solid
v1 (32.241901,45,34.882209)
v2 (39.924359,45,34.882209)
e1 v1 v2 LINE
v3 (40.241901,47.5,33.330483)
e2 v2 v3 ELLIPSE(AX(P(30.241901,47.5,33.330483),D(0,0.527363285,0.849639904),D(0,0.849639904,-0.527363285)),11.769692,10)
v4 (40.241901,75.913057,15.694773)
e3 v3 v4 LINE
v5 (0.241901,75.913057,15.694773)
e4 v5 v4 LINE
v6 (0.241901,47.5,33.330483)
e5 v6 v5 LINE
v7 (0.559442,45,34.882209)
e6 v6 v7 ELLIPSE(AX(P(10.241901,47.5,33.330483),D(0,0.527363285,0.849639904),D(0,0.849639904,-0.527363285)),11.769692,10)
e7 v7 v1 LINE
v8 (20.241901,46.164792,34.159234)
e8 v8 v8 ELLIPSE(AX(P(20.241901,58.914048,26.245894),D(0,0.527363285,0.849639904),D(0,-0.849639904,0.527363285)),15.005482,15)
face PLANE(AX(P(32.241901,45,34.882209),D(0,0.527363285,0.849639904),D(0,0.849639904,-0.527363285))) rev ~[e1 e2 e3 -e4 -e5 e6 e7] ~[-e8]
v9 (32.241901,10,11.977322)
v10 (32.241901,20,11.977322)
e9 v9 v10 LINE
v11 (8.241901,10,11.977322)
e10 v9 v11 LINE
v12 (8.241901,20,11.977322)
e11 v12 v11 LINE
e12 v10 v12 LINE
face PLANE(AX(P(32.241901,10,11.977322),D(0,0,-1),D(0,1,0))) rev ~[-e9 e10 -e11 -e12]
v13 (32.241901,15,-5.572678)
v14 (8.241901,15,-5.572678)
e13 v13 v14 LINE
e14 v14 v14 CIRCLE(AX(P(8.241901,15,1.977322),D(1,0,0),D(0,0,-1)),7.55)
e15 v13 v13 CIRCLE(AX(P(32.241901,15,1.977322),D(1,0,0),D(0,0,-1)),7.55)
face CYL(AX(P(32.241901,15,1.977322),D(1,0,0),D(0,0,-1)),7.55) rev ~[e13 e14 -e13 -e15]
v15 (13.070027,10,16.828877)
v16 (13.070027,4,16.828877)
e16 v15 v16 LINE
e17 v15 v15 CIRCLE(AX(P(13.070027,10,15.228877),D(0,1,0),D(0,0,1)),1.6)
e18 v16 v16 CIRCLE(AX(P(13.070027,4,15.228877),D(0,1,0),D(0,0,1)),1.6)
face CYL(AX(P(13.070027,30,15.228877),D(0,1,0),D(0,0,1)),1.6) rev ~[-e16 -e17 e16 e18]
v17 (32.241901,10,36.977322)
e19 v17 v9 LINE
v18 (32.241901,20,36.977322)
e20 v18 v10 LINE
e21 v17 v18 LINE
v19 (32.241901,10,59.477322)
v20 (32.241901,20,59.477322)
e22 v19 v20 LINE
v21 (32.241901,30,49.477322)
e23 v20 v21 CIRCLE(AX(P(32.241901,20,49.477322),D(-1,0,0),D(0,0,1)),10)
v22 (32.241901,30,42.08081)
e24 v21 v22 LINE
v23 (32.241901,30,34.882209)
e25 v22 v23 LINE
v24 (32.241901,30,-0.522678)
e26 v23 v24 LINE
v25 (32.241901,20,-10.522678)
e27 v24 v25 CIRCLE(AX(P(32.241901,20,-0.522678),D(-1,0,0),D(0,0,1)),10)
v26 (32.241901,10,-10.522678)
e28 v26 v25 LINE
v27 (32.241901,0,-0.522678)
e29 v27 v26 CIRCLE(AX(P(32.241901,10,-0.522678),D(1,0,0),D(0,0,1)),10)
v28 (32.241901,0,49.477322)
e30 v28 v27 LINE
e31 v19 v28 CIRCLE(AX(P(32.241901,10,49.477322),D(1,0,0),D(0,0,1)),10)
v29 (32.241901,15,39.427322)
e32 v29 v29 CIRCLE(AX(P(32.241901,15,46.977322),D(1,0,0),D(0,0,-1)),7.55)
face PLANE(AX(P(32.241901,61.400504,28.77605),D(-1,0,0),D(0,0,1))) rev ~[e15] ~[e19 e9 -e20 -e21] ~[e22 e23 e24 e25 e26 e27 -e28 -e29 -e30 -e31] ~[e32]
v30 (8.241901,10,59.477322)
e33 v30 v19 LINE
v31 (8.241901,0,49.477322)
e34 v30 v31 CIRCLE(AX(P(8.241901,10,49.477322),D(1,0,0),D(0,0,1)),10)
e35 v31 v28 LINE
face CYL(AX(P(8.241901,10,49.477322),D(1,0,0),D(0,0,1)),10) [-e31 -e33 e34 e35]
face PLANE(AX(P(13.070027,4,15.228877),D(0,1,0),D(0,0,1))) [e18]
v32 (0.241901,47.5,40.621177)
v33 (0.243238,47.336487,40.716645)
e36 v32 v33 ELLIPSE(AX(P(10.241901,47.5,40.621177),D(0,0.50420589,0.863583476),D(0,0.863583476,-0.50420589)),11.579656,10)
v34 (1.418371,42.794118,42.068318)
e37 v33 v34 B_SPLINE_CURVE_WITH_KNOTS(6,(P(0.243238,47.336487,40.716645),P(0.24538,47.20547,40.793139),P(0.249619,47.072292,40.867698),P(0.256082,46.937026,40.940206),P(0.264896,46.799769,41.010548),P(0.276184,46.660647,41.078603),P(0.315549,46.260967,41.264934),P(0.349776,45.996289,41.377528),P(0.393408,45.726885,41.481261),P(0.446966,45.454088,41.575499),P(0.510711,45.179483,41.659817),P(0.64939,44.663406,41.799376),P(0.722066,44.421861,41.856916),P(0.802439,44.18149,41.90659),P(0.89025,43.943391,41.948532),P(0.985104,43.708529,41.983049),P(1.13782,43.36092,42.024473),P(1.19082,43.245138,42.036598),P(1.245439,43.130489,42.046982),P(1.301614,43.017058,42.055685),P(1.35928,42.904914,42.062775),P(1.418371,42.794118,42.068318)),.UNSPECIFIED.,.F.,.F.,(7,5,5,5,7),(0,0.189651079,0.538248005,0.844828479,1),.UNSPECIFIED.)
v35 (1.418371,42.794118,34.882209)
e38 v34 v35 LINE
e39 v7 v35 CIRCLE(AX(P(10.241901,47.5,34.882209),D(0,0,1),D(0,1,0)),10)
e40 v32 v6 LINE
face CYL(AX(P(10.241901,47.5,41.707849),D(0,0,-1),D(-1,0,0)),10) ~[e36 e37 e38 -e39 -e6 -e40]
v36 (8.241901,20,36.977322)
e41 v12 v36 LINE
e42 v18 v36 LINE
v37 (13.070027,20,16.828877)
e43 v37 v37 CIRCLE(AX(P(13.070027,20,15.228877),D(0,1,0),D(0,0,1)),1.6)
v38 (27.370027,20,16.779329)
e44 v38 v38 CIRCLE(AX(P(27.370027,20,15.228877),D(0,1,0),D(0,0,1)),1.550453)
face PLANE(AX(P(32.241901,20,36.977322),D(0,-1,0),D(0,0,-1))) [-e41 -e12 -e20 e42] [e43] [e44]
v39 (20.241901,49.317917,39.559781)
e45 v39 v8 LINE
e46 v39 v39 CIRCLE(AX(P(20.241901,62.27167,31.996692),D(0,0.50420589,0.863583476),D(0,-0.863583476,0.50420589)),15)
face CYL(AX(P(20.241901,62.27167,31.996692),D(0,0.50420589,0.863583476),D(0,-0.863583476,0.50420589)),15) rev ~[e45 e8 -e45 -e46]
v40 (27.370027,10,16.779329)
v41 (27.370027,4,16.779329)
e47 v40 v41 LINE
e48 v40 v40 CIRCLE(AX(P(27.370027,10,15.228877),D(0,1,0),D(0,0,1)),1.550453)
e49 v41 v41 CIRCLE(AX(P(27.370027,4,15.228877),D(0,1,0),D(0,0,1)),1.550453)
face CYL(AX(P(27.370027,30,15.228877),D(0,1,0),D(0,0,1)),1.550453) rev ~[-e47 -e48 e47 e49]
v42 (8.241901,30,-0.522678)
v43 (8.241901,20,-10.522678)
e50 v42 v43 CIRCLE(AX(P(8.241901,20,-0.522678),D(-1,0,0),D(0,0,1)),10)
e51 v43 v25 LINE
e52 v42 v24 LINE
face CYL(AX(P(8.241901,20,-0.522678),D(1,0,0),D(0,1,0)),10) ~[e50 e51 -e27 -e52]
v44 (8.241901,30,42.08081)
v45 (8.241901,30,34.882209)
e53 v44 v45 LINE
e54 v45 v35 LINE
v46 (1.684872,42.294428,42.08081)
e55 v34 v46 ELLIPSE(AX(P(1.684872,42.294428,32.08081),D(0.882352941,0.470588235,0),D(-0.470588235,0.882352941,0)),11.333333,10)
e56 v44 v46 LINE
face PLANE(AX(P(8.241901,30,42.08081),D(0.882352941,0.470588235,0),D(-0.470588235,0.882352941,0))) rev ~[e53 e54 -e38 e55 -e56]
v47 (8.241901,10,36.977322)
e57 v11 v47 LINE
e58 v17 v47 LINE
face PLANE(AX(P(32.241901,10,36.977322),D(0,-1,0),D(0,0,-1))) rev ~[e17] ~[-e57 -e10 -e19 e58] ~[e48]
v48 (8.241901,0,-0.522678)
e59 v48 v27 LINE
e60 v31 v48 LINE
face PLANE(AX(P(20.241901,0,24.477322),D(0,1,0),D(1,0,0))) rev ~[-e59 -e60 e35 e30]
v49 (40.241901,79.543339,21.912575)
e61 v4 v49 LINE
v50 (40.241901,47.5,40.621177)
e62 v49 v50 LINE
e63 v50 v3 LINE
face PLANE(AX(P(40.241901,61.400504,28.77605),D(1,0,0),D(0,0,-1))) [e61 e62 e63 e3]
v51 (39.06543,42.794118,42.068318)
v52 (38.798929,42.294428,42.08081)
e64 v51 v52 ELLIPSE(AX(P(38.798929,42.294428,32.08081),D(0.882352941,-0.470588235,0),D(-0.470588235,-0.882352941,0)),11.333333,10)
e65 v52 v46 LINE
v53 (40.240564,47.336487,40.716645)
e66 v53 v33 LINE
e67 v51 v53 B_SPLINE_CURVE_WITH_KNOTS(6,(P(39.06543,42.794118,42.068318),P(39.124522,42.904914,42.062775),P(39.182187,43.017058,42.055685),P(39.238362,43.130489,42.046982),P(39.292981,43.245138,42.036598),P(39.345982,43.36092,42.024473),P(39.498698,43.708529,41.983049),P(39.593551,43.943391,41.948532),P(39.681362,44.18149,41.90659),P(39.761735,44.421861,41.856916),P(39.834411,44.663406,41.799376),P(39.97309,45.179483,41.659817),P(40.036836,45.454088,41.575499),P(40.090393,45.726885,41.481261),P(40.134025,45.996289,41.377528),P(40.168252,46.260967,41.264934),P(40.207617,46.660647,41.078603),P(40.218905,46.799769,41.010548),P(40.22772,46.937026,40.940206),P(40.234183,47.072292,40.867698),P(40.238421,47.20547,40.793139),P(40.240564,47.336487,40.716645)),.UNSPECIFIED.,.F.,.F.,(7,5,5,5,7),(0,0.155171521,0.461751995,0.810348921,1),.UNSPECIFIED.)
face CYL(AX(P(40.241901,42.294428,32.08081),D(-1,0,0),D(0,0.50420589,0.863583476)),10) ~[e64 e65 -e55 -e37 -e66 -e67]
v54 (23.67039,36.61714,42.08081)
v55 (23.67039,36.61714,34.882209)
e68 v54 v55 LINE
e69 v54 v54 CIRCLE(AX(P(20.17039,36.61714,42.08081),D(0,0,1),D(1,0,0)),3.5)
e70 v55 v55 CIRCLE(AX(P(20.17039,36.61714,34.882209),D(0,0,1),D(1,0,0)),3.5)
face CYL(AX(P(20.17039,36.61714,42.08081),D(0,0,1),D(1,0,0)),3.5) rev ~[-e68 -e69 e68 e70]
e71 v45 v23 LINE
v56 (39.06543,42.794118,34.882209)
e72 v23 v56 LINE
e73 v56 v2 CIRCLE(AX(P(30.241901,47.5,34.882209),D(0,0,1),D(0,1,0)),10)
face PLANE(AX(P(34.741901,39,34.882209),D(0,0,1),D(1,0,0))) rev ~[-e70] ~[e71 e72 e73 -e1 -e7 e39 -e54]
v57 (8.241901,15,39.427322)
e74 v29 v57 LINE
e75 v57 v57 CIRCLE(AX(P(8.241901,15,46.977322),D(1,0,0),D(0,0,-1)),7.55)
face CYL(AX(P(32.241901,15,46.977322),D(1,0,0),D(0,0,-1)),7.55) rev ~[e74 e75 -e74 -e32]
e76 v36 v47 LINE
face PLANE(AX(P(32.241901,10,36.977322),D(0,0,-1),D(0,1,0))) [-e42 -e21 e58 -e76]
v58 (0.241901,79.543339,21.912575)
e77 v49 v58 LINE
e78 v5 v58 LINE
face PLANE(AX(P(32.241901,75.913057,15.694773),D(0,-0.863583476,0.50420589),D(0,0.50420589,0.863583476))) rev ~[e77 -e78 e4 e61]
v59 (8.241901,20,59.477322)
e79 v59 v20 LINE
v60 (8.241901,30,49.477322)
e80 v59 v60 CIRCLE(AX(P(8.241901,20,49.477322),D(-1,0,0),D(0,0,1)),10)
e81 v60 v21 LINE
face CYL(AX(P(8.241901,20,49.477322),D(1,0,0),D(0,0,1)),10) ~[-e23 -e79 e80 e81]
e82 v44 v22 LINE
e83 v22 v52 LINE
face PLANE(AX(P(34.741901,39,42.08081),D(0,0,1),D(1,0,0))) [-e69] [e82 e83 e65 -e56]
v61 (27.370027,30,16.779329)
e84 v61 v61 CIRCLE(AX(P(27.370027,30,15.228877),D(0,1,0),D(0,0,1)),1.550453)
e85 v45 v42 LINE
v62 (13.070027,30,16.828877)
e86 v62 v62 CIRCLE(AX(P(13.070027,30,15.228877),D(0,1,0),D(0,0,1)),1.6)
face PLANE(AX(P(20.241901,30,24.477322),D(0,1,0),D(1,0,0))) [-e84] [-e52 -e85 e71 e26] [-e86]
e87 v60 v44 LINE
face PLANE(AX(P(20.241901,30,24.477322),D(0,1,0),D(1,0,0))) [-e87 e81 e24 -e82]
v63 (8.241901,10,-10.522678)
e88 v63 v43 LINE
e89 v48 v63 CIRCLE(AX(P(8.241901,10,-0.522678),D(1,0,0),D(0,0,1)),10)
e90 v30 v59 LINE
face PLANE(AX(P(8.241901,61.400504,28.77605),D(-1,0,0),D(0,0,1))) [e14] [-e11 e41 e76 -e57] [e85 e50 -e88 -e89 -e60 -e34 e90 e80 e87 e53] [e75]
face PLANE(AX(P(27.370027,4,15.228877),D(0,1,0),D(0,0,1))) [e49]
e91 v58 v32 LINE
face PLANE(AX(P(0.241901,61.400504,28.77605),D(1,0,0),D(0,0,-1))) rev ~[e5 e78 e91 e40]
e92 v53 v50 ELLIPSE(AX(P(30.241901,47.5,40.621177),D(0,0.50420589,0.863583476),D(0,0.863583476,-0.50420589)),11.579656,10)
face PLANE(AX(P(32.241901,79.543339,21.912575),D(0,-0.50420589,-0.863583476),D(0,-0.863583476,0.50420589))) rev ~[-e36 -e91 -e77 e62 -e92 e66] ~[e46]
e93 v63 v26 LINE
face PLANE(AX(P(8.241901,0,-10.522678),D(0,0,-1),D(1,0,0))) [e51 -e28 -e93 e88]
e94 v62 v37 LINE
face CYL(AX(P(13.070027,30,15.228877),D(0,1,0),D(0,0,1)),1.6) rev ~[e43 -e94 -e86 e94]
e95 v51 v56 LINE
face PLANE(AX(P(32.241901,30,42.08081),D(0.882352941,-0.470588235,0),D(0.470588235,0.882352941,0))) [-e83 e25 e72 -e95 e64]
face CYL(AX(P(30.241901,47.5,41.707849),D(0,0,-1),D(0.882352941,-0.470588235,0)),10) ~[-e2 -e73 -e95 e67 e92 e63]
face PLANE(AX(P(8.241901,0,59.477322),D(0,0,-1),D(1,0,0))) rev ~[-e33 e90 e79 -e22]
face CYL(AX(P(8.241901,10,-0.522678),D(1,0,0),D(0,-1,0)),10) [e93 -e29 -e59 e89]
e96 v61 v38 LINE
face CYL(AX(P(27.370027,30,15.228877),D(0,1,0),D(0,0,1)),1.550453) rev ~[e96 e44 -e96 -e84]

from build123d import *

# Parameters (mm, degrees)
SKETCH_1_W          = 24
SKETCH_1_H          = 70
EXTRUDE_1_DEPTH     = 30
SKETCH_2_R          = 7.55
CUT_EXTRUDE_1_DEPTH = 71.806439045
SKETCH_3_W          = 25
SKETCH_3_H          = 10
CUT_EXTRUDE_2_DEPTH = 71.806439045
FILLET_1_R          = 10
SKETCH_6_W          = 24
SKETCH_6_H          = 7.198600856
EXTRUDE_3_DEPTH     = 15
EXTRUDE_4_DEPTH     = 24
EXTRUDE_5_DEPTH     = 8
EXTRUDE_6_DEPTH     = 8
SKETCH_10_R         = 15
CUT_EXTRUDE_4_DEPTH = 16
EXTRUDE_7_DEPTH     = 7.198600855
EXTRUDE_8_DEPTH     = 7.198600855
FILLET_2_R          = 10
FILLET_3_R          = 10
SKETCH_14_R         = 3.499999999
CUT_EXTRUDE_5_DEPTH = 13
SKETCH_16_R         = 1.599999999
SKETCH_16_R_2       = 1.550452657
CUT_EXTRUDE_6_DEPTH = 26


with BuildPart() as part:
    # 草图1 → 凸台-拉伸1 (new body)
    with BuildSketch(Plane(origin=(0, 0, 0), x_dir=(1, 0, 0), z_dir=(0, 1, 0))):
        with Locations((20.241900648, -24.477321814)):
            Rectangle(SKETCH_1_W, SKETCH_1_H)
    extrude(amount=EXTRUDE_1_DEPTH)

    # 草图2 → 切除-拉伸1 (cut, through all)
    with BuildSketch(Plane(origin=(32.241900648, 0, 0), x_dir=(0, 0, -1), z_dir=(1, 0, 0))):
        with Locations((-46.977321814, 15)):
            Circle(SKETCH_2_R)
        with Locations((-1.977321814, 15)):
            Circle(SKETCH_2_R)
    extrude(amount=-CUT_EXTRUDE_1_DEPTH, mode=Mode.SUBTRACT)

    # 草图3 → 切除-拉伸2 (cut, through all)
    with BuildSketch(Plane(origin=(32.241900648, 0, 0), x_dir=(0, 0, -1), z_dir=(1, 0, 0))):
        with Locations((-24.477321814, 15)):
            Rectangle(SKETCH_3_W, SKETCH_3_H)
    extrude(amount=-CUT_EXTRUDE_2_DEPTH, mode=Mode.SUBTRACT)

    # 圆角1
    fillet_1_edges = [part.edges().sort_by_distance(p)[0] for p in [
        (20.241900648, 30, -10.522678186),
        (20.241900648, 0, -10.522678186),
        (20.241900648, 0, 59.477321814),
        (20.241900648, 30, 59.477321814),
    ]]
    fillet(fillet_1_edges, radius=FILLET_1_R)

    # 草图6 → 凸台-拉伸3 (add)
    with BuildSketch(Plane(origin=(0, 30, 0), x_dir=(1, 0, 0), z_dir=(0, 1, 0))):
        with Locations((20.241900648, -38.481509693)):
            Rectangle(SKETCH_6_W, SKETCH_6_H)
    extrude(amount=EXTRUDE_3_DEPTH)

    # 草图7 → 凸台-拉伸4 (add)
    with BuildSketch(Plane.ZY.offset(-8.241900648)):
        Polygon((42.080810121, 45), (21.912574503, 79.54333904), (15.694773475, 75.913056629), (34.882209265, 45), align=None)
    extrude(amount=-EXTRUDE_4_DEPTH)

    # 草图8 → 凸台-拉伸5 (add)
    with BuildSketch(Plane.ZY.offset(-8.241900648)):
        Polygon((42.080810121, 45), (34.882209265, 45), (15.694773475, 75.913056629), (21.912574503, 79.54333904), align=None)
    extrude(amount=EXTRUDE_5_DEPTH)

    # 草图9 → 凸台-拉伸6 (add)
    with BuildSketch(Plane(origin=(32.241900648, 0, 0), x_dir=(0, 0, -1), z_dir=(1, 0, 0))):
        Polygon((-42.080810121, 45), (-34.882209265, 45), (-15.694773475, 75.913056629), (-21.912574503, 79.54333904), align=None)
    extrude(amount=EXTRUDE_6_DEPTH)

    # 草图10 → 切除-拉伸4 (cut)
    with BuildSketch(Plane(origin=(0, 29.763050525, 50.976950321), x_dir=(1, 0, 0), z_dir=(0, 0.5042058904481267, 0.8635834760099408))):
        with Locations(Location((20.241900648, 37.643864083, 0), (0, 0, 270))):
            Circle(SKETCH_10_R)
    extrude(amount=-CUT_EXTRUDE_4_DEPTH, mode=Mode.SUBTRACT)

    # 草图12 → 凸台-拉伸7 (add)
    with BuildSketch(Plane.XY.offset(42.080810121)):
        Polygon((0.241900648, 45), (8.241900648, 45), (8.241900648, 30), align=None)
    extrude(amount=-EXTRUDE_7_DEPTH)

    # 草图13 → 凸台-拉伸8 (add)
    with BuildSketch(Plane.XY.offset(42.080810121)):
        Polygon((40.241900648, 45), (32.241900648, 45), (32.241900648, 30), align=None)
    extrude(amount=-EXTRUDE_8_DEPTH)

    # 圆角2
    fillet_2_edges = [part.edges().sort_by_distance(p)[0] for p in [
        (20.241900648, 45, 42.080810121),
    ]]
    fillet(fillet_2_edges, radius=FILLET_2_R)

    # 圆角3
    fillet_3_edges = [part.edges().sort_by_distance(p)[0] for p in [
        (0.241900648, 45, 38.295029227),
        (40.241900648, 45, 38.295029227),
    ]]
    fillet(fillet_3_edges, radius=FILLET_3_R)

    # 草图14 → 切除-拉伸5 (cut)
    with BuildSketch(Plane.XY.offset(42.080810121)):
        with Locations((20.170389916, 36.617139635)):
            Circle(SKETCH_14_R)
    extrude(amount=-CUT_EXTRUDE_5_DEPTH, mode=Mode.SUBTRACT)

    # 草图16 → 切除-拉伸6 (cut)
    with BuildSketch(Plane(origin=(0, 30, 0), x_dir=(1, 0, 0), z_dir=(0, 1, 0))):
        with Locations(Location((13.070026875, -15.228876714, 0), (0, 0, 270))):
            Circle(SKETCH_16_R)
        with Locations(Location((27.370026875, -15.228876714, 0), (0, 0, 270))):
            Circle(SKETCH_16_R_2)
    extrude(amount=-CUT_EXTRUDE_6_DEPTH, mode=Mode.SUBTRACT)


solid = part.part
